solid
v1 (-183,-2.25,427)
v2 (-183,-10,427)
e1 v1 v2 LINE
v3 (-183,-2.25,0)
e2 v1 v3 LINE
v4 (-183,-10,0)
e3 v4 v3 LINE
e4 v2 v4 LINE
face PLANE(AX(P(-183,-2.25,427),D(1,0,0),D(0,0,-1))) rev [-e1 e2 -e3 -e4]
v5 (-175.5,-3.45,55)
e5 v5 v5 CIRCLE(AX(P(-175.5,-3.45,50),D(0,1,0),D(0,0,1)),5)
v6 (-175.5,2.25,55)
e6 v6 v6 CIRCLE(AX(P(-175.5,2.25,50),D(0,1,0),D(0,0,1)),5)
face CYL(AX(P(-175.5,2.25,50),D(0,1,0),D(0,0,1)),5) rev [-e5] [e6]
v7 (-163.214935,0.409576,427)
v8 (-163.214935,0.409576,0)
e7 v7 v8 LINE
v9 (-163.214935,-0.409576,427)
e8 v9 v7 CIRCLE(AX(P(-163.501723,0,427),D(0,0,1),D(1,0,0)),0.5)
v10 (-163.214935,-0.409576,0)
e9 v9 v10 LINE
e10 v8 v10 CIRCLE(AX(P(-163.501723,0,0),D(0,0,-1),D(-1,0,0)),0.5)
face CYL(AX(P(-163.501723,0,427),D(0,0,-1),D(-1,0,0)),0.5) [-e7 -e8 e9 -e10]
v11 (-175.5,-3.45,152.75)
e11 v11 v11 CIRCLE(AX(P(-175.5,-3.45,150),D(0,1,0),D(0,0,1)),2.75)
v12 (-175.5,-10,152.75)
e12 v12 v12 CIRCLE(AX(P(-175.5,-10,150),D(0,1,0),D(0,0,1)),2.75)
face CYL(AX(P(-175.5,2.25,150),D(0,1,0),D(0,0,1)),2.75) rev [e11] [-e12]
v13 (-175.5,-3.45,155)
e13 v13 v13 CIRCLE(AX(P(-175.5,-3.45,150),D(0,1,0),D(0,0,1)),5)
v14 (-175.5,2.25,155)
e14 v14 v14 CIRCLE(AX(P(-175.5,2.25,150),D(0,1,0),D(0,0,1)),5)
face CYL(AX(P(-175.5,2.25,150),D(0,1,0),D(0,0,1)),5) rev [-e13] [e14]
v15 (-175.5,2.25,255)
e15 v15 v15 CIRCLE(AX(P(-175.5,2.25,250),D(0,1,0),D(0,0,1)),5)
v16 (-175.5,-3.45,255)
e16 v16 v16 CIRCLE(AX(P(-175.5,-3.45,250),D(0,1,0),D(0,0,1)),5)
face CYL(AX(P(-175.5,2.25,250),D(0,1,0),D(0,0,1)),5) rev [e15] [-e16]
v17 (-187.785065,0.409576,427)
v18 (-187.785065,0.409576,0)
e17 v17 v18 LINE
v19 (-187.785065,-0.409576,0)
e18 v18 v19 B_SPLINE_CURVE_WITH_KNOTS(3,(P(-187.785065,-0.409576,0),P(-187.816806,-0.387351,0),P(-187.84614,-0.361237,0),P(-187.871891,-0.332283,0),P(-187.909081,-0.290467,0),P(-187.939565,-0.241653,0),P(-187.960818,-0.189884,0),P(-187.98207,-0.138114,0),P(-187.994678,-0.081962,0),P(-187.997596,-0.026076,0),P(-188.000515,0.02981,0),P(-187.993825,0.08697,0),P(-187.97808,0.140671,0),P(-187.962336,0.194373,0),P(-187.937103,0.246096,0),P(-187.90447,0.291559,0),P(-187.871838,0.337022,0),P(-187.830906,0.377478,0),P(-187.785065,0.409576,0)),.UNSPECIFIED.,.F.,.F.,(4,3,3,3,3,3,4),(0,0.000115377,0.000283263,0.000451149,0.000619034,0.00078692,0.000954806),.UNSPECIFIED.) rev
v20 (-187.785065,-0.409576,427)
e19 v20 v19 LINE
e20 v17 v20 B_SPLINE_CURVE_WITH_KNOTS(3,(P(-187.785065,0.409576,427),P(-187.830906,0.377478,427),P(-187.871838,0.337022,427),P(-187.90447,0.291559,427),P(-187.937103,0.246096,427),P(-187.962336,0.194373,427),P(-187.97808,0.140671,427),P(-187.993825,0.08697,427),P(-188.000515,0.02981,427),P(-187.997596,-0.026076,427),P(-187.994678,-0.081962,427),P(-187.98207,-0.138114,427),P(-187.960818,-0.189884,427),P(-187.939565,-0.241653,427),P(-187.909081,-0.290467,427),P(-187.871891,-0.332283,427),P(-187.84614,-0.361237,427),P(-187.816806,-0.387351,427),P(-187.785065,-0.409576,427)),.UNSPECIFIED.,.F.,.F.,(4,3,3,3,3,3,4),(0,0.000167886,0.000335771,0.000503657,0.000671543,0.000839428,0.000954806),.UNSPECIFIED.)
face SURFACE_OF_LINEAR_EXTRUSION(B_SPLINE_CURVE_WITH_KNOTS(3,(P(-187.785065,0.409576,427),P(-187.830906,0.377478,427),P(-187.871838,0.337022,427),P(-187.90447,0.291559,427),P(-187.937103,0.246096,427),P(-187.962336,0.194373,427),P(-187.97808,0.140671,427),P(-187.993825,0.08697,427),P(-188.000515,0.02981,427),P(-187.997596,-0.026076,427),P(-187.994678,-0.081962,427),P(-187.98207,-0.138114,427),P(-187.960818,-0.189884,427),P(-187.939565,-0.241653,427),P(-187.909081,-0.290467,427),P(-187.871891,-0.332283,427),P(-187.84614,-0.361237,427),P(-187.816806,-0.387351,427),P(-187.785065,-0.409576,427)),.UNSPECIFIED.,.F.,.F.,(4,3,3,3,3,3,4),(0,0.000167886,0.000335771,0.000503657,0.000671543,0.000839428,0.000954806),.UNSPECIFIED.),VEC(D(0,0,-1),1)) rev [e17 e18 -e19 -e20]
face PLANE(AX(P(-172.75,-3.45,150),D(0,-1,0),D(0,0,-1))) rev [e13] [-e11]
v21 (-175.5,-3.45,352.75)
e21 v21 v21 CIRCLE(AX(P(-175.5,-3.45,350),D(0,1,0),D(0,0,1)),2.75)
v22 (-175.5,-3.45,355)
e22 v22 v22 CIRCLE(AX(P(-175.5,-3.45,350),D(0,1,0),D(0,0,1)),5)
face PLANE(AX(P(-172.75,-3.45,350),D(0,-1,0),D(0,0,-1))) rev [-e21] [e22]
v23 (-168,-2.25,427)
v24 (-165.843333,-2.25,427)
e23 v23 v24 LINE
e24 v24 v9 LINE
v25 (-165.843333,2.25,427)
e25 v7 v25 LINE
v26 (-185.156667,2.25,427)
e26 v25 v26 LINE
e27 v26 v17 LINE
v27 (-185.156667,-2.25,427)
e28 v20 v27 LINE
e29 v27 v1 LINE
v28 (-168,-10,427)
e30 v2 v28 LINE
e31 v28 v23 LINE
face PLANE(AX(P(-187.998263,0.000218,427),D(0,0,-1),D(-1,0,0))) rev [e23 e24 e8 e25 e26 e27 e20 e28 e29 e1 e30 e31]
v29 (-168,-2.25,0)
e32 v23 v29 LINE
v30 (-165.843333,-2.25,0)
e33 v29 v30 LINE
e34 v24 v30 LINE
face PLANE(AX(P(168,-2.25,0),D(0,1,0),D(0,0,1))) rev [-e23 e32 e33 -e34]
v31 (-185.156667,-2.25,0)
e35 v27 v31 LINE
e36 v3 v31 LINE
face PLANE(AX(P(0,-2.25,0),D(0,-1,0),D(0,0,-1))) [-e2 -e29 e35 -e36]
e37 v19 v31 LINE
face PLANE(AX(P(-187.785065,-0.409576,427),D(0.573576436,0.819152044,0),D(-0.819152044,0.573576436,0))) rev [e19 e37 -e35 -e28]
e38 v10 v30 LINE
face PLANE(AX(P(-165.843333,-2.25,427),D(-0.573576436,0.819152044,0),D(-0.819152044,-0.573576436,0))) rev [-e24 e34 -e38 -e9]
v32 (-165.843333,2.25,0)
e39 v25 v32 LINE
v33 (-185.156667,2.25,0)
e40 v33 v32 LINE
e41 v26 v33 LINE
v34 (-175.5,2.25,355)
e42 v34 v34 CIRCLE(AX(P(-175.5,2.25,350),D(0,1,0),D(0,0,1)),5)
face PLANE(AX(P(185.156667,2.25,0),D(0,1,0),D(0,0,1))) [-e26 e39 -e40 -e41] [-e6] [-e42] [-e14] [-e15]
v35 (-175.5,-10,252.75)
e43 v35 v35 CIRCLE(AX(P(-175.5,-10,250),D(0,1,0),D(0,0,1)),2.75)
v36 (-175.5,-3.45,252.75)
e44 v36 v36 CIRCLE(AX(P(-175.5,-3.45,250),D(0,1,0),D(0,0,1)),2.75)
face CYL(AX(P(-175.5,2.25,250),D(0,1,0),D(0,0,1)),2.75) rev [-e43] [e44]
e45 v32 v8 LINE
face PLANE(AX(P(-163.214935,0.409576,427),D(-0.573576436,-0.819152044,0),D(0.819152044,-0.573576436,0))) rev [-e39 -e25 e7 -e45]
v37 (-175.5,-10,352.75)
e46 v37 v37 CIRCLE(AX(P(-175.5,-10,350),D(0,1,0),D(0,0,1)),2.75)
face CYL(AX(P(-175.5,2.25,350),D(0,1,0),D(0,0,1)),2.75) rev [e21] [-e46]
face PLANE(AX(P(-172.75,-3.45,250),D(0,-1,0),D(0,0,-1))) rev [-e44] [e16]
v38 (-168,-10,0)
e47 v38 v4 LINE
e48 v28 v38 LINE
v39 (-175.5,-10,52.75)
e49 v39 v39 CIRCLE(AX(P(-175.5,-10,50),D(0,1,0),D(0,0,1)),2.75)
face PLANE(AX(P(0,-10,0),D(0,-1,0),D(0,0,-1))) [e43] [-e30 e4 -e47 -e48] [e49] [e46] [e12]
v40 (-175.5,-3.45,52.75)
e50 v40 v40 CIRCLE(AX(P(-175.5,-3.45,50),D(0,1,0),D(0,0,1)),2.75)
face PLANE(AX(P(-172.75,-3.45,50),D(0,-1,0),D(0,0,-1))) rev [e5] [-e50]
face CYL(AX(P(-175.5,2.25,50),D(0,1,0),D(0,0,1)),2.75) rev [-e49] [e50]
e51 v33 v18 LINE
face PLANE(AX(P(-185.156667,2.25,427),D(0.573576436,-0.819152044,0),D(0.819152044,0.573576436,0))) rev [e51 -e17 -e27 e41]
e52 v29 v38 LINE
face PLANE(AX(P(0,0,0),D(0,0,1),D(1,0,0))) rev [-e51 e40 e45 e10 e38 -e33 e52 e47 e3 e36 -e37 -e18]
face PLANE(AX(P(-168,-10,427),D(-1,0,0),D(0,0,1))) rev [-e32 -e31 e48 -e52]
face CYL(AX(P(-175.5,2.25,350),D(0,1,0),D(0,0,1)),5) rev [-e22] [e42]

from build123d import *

# Parameters (mm, degrees)
SKETCH_2_R                   = 183
EXTRUDE_1_DEPTH              = 7.75
HOLE_WIZARD_M5_1_D           = 5.5
HOLE_WIZARD_M5_1_CBORE_D     = 9
HOLE_WIZARD_M5_1_CBORE_DEPTH = 6
SKETCH_6_W                   = 499.91157149
SKETCH_6_H                   = 215.35218654
CUT_EXTRUDE_1_DEPTH          = 267.151754372
EXTRUDE_2_DEPTH              = 427
SKETCH_8_W                   = 538.874028387
SKETCH_8_H                   = 388.77669628
CUT_EXTRUDE_2_DEPTH          = 467.660847956
HOLE_WIZARD_1_D              = 5.5
HOLE_WIZARD_1_CBORE_D        = 10
HOLE_WIZARD_1_CBORE_DEPTH    = 5.7


with BuildPart() as part:
    # 草图1 → 旋转1 (revolve)
    with BuildSketch(Plane.XY, mode=Mode.PRIVATE) as revolve_1_sk:
        with BuildLine():
            Line((185.156666985, 2.25), (0, 2.25))
            Line((0, 2.25), (0, -2.25))
            Line((0, -2.25), (185.156666985, -2.25))
            Line((185.156666985, -2.25), (187.78506482, -0.409576022))
            add(Edge.make_bspline(
                [(187.78506482, 0.409576022), (187.830906121, 0.377477598), (187.871837762, 0.337021948), (187.904470176, 0.291559224), (187.937102589, 0.246096499), (187.962335818, 0.194372782), (187.978080287, 0.140671335), (187.993824756, 0.086969887), (188.000514717, 0.029809558), (187.997596172, -0.026076181), (187.994677627, -0.08196192), (187.982070079, -0.138114466), (187.960817564, -0.189883804), (187.939565048, -0.241653142), (187.909081396, -0.290467133), (187.87189097, -0.332283469), (187.846140091, -0.361237358), (187.816805619, -0.387350876), (187.78506482, -0.409576022)],
                knots=[0, 0, 0, 0, 0.000167886, 0.000167886, 0.000167886, 0.000335771, 0.000335771, 0.000335771, 0.000503657, 0.000503657, 0.000503657, 0.000671543, 0.000671543, 0.000671543, 0.000839428, 0.000839428, 0.000839428, 0.000954806, 0.000954806, 0.000954806, 0.000954806], degree=3))
            Line((187.78506482, 0.409576022), (185.156666985, 2.25))
        make_face()
    revolve(revolve_1_sk.sketch.rotate(Axis((0, 2.25, 0), (0, -1, 0)), 270), axis=Axis((0, 2.25, 0), (0, -1, 0)))

    # 草图2 → 凸台-拉伸1 (add)
    with BuildSketch(Plane.XZ.offset(2.25)):
        with Locations(Location((0, 0, 0), (0, 0, 270))):
            Circle(SKETCH_2_R)
    extrude(amount=EXTRUDE_1_DEPTH)

    # 草图3 → 切除-旋转1 (revolve, cut)
    with BuildSketch(Plane.XY, mode=Mode.PRIVATE) as cut_revolve_1_sk:
        with BuildLine():
            Line((165.843333015, 2.25), (0, 2.25))
            Line((0, 2.25), (0, -10))
            Line((0, -10), (168, -10))
            Line((168, -10), (168, -2.25))
            Line((168, -2.25), (165.843333015, -2.25))
            Line((165.843333015, -2.25), (163.21493518, -0.409576022))
            ThreePointArc((163.21493518, -0.409576022), (163.001723398, 0), (163.21493518, 0.409576022))
            Line((163.21493518, 0.409576022), (165.843333015, 2.25))
        make_face()
    revolve(cut_revolve_1_sk.sketch.rotate(Axis((0, 2.25, 0), (0, -1, 0)), 270), axis=Axis((0, 2.25, 0), (0, -1, 0)), mode=Mode.SUBTRACT)

    # M5 六角头螺栓的柱形沉头孔1 (through all)
    with Locations(Plane(origin=(0, 2.25, 0), x_dir=(1, 0, 0), z_dir=(0, 1, 0))):
        with Locations((-45.422742415, -169.519982514), (-124.097240098, -124.097240098), (-169.519982514, -45.422742415), (45.422742415, -169.519982514), (124.097240098, -124.097240098), (169.519982514, -45.422742415), (-45.422742415, 169.519982514), (-124.097240098, 124.097240098), (-169.519982514, 45.422742415), (45.422742415, 169.519982514), (124.097240098, 124.097240098), (169.519982514, 45.422742415)):
            CounterBoreHole(HOLE_WIZARD_M5_1_D / 2, HOLE_WIZARD_M5_1_CBORE_D / 2, HOLE_WIZARD_M5_1_CBORE_DEPTH)

    # 草图6 → 切除-拉伸1 (cut, through all)
    with BuildSketch(Plane(origin=(0, 2.25, 0), x_dir=(1, 0, 0), z_dir=(0, 1, 0))):
        with Locations((-5.153727541, -107.67609327)):
            Rectangle(SKETCH_6_W, SKETCH_6_H)
    extrude(amount=-CUT_EXTRUDE_1_DEPTH, mode=Mode.SUBTRACT)

    # 草图7 → 凸台-拉伸2 (add)
    with BuildSketch(Plane.XY):
        with BuildLine():
            Line((-185.156666985, 2.25), (-187.78506482, 0.409576022))
            add(Edge.make_bspline(
                [(-187.78506482, 0.409576022), (-187.830906121, 0.377477598), (-187.871837762, 0.337021948), (-187.904470176, 0.291559224), (-187.937102589, 0.246096499), (-187.962335818, 0.194372782), (-187.978080287, 0.140671335), (-187.993824756, 0.086969887), (-188.000514717, 0.029809558), (-187.997596172, -0.026076181), (-187.994677627, -0.08196192), (-187.982070079, -0.138114466), (-187.960817564, -0.189883804), (-187.939565048, -0.241653142), (-187.909081396, -0.290467133), (-187.87189097, -0.332283469), (-187.846140091, -0.361237358), (-187.816805619, -0.387350876), (-187.78506482, -0.409576022)],
                knots=[0, 0, 0, 0, 0.000167886, 0.000167886, 0.000167886, 0.000335771, 0.000335771, 0.000335771, 0.000503657, 0.000503657, 0.000503657, 0.000671543, 0.000671543, 0.000671543, 0.000839428, 0.000839428, 0.000839428, 0.000954806, 0.000954806, 0.000954806, 0.000954806], degree=3))
            Line((-187.78506482, -0.409576022), (-185.156666985, -2.25))
            Line((-185.156666985, -2.25), (-183, -2.25))
            Line((-183, -2.25), (-183, -10))
            Line((-183, -10), (-168, -10))
            Line((-168, -10), (-168, -2.25))
            Line((-168, -2.25), (-165.843333015, -2.25))
            Line((-165.843333015, -2.25), (-163.21493518, -0.409576022))
            ThreePointArc((-163.21493518, -0.409576022), (-163.001723398, 0), (-163.21493518, 0.409576022))
            Line((-163.21493518, 0.409576022), (-165.843333015, 2.25))
            Line((-165.843333015, 2.25), (-185.156666985, 2.25))
        make_face()
    extrude(amount=EXTRUDE_2_DEPTH)

    # 草图8 → 切除-拉伸2 (cut, through all)
    with BuildSketch(Plane.XY):
        with Locations((39.369792029, -22.329590013)):
            Rectangle(SKETCH_8_W, SKETCH_8_H)
    extrude(amount=-CUT_EXTRUDE_2_DEPTH, mode=Mode.SUBTRACT)

    # 打孔尺寸(%根据)内六角圆柱头螺钉的类型1 (through all)
    with Locations(Plane(origin=(0, 2.25, 0), x_dir=(1, 0, 0), z_dir=(0, 1, 0))):
        with Locations((-175.5, -50), (-175.5, -450), (-175.5, -150), (-175.5, -350), (-175.5, -250)):
            CounterBoreHole(HOLE_WIZARD_1_D / 2, HOLE_WIZARD_1_CBORE_D / 2, HOLE_WIZARD_1_CBORE_DEPTH)


solid = part.part
